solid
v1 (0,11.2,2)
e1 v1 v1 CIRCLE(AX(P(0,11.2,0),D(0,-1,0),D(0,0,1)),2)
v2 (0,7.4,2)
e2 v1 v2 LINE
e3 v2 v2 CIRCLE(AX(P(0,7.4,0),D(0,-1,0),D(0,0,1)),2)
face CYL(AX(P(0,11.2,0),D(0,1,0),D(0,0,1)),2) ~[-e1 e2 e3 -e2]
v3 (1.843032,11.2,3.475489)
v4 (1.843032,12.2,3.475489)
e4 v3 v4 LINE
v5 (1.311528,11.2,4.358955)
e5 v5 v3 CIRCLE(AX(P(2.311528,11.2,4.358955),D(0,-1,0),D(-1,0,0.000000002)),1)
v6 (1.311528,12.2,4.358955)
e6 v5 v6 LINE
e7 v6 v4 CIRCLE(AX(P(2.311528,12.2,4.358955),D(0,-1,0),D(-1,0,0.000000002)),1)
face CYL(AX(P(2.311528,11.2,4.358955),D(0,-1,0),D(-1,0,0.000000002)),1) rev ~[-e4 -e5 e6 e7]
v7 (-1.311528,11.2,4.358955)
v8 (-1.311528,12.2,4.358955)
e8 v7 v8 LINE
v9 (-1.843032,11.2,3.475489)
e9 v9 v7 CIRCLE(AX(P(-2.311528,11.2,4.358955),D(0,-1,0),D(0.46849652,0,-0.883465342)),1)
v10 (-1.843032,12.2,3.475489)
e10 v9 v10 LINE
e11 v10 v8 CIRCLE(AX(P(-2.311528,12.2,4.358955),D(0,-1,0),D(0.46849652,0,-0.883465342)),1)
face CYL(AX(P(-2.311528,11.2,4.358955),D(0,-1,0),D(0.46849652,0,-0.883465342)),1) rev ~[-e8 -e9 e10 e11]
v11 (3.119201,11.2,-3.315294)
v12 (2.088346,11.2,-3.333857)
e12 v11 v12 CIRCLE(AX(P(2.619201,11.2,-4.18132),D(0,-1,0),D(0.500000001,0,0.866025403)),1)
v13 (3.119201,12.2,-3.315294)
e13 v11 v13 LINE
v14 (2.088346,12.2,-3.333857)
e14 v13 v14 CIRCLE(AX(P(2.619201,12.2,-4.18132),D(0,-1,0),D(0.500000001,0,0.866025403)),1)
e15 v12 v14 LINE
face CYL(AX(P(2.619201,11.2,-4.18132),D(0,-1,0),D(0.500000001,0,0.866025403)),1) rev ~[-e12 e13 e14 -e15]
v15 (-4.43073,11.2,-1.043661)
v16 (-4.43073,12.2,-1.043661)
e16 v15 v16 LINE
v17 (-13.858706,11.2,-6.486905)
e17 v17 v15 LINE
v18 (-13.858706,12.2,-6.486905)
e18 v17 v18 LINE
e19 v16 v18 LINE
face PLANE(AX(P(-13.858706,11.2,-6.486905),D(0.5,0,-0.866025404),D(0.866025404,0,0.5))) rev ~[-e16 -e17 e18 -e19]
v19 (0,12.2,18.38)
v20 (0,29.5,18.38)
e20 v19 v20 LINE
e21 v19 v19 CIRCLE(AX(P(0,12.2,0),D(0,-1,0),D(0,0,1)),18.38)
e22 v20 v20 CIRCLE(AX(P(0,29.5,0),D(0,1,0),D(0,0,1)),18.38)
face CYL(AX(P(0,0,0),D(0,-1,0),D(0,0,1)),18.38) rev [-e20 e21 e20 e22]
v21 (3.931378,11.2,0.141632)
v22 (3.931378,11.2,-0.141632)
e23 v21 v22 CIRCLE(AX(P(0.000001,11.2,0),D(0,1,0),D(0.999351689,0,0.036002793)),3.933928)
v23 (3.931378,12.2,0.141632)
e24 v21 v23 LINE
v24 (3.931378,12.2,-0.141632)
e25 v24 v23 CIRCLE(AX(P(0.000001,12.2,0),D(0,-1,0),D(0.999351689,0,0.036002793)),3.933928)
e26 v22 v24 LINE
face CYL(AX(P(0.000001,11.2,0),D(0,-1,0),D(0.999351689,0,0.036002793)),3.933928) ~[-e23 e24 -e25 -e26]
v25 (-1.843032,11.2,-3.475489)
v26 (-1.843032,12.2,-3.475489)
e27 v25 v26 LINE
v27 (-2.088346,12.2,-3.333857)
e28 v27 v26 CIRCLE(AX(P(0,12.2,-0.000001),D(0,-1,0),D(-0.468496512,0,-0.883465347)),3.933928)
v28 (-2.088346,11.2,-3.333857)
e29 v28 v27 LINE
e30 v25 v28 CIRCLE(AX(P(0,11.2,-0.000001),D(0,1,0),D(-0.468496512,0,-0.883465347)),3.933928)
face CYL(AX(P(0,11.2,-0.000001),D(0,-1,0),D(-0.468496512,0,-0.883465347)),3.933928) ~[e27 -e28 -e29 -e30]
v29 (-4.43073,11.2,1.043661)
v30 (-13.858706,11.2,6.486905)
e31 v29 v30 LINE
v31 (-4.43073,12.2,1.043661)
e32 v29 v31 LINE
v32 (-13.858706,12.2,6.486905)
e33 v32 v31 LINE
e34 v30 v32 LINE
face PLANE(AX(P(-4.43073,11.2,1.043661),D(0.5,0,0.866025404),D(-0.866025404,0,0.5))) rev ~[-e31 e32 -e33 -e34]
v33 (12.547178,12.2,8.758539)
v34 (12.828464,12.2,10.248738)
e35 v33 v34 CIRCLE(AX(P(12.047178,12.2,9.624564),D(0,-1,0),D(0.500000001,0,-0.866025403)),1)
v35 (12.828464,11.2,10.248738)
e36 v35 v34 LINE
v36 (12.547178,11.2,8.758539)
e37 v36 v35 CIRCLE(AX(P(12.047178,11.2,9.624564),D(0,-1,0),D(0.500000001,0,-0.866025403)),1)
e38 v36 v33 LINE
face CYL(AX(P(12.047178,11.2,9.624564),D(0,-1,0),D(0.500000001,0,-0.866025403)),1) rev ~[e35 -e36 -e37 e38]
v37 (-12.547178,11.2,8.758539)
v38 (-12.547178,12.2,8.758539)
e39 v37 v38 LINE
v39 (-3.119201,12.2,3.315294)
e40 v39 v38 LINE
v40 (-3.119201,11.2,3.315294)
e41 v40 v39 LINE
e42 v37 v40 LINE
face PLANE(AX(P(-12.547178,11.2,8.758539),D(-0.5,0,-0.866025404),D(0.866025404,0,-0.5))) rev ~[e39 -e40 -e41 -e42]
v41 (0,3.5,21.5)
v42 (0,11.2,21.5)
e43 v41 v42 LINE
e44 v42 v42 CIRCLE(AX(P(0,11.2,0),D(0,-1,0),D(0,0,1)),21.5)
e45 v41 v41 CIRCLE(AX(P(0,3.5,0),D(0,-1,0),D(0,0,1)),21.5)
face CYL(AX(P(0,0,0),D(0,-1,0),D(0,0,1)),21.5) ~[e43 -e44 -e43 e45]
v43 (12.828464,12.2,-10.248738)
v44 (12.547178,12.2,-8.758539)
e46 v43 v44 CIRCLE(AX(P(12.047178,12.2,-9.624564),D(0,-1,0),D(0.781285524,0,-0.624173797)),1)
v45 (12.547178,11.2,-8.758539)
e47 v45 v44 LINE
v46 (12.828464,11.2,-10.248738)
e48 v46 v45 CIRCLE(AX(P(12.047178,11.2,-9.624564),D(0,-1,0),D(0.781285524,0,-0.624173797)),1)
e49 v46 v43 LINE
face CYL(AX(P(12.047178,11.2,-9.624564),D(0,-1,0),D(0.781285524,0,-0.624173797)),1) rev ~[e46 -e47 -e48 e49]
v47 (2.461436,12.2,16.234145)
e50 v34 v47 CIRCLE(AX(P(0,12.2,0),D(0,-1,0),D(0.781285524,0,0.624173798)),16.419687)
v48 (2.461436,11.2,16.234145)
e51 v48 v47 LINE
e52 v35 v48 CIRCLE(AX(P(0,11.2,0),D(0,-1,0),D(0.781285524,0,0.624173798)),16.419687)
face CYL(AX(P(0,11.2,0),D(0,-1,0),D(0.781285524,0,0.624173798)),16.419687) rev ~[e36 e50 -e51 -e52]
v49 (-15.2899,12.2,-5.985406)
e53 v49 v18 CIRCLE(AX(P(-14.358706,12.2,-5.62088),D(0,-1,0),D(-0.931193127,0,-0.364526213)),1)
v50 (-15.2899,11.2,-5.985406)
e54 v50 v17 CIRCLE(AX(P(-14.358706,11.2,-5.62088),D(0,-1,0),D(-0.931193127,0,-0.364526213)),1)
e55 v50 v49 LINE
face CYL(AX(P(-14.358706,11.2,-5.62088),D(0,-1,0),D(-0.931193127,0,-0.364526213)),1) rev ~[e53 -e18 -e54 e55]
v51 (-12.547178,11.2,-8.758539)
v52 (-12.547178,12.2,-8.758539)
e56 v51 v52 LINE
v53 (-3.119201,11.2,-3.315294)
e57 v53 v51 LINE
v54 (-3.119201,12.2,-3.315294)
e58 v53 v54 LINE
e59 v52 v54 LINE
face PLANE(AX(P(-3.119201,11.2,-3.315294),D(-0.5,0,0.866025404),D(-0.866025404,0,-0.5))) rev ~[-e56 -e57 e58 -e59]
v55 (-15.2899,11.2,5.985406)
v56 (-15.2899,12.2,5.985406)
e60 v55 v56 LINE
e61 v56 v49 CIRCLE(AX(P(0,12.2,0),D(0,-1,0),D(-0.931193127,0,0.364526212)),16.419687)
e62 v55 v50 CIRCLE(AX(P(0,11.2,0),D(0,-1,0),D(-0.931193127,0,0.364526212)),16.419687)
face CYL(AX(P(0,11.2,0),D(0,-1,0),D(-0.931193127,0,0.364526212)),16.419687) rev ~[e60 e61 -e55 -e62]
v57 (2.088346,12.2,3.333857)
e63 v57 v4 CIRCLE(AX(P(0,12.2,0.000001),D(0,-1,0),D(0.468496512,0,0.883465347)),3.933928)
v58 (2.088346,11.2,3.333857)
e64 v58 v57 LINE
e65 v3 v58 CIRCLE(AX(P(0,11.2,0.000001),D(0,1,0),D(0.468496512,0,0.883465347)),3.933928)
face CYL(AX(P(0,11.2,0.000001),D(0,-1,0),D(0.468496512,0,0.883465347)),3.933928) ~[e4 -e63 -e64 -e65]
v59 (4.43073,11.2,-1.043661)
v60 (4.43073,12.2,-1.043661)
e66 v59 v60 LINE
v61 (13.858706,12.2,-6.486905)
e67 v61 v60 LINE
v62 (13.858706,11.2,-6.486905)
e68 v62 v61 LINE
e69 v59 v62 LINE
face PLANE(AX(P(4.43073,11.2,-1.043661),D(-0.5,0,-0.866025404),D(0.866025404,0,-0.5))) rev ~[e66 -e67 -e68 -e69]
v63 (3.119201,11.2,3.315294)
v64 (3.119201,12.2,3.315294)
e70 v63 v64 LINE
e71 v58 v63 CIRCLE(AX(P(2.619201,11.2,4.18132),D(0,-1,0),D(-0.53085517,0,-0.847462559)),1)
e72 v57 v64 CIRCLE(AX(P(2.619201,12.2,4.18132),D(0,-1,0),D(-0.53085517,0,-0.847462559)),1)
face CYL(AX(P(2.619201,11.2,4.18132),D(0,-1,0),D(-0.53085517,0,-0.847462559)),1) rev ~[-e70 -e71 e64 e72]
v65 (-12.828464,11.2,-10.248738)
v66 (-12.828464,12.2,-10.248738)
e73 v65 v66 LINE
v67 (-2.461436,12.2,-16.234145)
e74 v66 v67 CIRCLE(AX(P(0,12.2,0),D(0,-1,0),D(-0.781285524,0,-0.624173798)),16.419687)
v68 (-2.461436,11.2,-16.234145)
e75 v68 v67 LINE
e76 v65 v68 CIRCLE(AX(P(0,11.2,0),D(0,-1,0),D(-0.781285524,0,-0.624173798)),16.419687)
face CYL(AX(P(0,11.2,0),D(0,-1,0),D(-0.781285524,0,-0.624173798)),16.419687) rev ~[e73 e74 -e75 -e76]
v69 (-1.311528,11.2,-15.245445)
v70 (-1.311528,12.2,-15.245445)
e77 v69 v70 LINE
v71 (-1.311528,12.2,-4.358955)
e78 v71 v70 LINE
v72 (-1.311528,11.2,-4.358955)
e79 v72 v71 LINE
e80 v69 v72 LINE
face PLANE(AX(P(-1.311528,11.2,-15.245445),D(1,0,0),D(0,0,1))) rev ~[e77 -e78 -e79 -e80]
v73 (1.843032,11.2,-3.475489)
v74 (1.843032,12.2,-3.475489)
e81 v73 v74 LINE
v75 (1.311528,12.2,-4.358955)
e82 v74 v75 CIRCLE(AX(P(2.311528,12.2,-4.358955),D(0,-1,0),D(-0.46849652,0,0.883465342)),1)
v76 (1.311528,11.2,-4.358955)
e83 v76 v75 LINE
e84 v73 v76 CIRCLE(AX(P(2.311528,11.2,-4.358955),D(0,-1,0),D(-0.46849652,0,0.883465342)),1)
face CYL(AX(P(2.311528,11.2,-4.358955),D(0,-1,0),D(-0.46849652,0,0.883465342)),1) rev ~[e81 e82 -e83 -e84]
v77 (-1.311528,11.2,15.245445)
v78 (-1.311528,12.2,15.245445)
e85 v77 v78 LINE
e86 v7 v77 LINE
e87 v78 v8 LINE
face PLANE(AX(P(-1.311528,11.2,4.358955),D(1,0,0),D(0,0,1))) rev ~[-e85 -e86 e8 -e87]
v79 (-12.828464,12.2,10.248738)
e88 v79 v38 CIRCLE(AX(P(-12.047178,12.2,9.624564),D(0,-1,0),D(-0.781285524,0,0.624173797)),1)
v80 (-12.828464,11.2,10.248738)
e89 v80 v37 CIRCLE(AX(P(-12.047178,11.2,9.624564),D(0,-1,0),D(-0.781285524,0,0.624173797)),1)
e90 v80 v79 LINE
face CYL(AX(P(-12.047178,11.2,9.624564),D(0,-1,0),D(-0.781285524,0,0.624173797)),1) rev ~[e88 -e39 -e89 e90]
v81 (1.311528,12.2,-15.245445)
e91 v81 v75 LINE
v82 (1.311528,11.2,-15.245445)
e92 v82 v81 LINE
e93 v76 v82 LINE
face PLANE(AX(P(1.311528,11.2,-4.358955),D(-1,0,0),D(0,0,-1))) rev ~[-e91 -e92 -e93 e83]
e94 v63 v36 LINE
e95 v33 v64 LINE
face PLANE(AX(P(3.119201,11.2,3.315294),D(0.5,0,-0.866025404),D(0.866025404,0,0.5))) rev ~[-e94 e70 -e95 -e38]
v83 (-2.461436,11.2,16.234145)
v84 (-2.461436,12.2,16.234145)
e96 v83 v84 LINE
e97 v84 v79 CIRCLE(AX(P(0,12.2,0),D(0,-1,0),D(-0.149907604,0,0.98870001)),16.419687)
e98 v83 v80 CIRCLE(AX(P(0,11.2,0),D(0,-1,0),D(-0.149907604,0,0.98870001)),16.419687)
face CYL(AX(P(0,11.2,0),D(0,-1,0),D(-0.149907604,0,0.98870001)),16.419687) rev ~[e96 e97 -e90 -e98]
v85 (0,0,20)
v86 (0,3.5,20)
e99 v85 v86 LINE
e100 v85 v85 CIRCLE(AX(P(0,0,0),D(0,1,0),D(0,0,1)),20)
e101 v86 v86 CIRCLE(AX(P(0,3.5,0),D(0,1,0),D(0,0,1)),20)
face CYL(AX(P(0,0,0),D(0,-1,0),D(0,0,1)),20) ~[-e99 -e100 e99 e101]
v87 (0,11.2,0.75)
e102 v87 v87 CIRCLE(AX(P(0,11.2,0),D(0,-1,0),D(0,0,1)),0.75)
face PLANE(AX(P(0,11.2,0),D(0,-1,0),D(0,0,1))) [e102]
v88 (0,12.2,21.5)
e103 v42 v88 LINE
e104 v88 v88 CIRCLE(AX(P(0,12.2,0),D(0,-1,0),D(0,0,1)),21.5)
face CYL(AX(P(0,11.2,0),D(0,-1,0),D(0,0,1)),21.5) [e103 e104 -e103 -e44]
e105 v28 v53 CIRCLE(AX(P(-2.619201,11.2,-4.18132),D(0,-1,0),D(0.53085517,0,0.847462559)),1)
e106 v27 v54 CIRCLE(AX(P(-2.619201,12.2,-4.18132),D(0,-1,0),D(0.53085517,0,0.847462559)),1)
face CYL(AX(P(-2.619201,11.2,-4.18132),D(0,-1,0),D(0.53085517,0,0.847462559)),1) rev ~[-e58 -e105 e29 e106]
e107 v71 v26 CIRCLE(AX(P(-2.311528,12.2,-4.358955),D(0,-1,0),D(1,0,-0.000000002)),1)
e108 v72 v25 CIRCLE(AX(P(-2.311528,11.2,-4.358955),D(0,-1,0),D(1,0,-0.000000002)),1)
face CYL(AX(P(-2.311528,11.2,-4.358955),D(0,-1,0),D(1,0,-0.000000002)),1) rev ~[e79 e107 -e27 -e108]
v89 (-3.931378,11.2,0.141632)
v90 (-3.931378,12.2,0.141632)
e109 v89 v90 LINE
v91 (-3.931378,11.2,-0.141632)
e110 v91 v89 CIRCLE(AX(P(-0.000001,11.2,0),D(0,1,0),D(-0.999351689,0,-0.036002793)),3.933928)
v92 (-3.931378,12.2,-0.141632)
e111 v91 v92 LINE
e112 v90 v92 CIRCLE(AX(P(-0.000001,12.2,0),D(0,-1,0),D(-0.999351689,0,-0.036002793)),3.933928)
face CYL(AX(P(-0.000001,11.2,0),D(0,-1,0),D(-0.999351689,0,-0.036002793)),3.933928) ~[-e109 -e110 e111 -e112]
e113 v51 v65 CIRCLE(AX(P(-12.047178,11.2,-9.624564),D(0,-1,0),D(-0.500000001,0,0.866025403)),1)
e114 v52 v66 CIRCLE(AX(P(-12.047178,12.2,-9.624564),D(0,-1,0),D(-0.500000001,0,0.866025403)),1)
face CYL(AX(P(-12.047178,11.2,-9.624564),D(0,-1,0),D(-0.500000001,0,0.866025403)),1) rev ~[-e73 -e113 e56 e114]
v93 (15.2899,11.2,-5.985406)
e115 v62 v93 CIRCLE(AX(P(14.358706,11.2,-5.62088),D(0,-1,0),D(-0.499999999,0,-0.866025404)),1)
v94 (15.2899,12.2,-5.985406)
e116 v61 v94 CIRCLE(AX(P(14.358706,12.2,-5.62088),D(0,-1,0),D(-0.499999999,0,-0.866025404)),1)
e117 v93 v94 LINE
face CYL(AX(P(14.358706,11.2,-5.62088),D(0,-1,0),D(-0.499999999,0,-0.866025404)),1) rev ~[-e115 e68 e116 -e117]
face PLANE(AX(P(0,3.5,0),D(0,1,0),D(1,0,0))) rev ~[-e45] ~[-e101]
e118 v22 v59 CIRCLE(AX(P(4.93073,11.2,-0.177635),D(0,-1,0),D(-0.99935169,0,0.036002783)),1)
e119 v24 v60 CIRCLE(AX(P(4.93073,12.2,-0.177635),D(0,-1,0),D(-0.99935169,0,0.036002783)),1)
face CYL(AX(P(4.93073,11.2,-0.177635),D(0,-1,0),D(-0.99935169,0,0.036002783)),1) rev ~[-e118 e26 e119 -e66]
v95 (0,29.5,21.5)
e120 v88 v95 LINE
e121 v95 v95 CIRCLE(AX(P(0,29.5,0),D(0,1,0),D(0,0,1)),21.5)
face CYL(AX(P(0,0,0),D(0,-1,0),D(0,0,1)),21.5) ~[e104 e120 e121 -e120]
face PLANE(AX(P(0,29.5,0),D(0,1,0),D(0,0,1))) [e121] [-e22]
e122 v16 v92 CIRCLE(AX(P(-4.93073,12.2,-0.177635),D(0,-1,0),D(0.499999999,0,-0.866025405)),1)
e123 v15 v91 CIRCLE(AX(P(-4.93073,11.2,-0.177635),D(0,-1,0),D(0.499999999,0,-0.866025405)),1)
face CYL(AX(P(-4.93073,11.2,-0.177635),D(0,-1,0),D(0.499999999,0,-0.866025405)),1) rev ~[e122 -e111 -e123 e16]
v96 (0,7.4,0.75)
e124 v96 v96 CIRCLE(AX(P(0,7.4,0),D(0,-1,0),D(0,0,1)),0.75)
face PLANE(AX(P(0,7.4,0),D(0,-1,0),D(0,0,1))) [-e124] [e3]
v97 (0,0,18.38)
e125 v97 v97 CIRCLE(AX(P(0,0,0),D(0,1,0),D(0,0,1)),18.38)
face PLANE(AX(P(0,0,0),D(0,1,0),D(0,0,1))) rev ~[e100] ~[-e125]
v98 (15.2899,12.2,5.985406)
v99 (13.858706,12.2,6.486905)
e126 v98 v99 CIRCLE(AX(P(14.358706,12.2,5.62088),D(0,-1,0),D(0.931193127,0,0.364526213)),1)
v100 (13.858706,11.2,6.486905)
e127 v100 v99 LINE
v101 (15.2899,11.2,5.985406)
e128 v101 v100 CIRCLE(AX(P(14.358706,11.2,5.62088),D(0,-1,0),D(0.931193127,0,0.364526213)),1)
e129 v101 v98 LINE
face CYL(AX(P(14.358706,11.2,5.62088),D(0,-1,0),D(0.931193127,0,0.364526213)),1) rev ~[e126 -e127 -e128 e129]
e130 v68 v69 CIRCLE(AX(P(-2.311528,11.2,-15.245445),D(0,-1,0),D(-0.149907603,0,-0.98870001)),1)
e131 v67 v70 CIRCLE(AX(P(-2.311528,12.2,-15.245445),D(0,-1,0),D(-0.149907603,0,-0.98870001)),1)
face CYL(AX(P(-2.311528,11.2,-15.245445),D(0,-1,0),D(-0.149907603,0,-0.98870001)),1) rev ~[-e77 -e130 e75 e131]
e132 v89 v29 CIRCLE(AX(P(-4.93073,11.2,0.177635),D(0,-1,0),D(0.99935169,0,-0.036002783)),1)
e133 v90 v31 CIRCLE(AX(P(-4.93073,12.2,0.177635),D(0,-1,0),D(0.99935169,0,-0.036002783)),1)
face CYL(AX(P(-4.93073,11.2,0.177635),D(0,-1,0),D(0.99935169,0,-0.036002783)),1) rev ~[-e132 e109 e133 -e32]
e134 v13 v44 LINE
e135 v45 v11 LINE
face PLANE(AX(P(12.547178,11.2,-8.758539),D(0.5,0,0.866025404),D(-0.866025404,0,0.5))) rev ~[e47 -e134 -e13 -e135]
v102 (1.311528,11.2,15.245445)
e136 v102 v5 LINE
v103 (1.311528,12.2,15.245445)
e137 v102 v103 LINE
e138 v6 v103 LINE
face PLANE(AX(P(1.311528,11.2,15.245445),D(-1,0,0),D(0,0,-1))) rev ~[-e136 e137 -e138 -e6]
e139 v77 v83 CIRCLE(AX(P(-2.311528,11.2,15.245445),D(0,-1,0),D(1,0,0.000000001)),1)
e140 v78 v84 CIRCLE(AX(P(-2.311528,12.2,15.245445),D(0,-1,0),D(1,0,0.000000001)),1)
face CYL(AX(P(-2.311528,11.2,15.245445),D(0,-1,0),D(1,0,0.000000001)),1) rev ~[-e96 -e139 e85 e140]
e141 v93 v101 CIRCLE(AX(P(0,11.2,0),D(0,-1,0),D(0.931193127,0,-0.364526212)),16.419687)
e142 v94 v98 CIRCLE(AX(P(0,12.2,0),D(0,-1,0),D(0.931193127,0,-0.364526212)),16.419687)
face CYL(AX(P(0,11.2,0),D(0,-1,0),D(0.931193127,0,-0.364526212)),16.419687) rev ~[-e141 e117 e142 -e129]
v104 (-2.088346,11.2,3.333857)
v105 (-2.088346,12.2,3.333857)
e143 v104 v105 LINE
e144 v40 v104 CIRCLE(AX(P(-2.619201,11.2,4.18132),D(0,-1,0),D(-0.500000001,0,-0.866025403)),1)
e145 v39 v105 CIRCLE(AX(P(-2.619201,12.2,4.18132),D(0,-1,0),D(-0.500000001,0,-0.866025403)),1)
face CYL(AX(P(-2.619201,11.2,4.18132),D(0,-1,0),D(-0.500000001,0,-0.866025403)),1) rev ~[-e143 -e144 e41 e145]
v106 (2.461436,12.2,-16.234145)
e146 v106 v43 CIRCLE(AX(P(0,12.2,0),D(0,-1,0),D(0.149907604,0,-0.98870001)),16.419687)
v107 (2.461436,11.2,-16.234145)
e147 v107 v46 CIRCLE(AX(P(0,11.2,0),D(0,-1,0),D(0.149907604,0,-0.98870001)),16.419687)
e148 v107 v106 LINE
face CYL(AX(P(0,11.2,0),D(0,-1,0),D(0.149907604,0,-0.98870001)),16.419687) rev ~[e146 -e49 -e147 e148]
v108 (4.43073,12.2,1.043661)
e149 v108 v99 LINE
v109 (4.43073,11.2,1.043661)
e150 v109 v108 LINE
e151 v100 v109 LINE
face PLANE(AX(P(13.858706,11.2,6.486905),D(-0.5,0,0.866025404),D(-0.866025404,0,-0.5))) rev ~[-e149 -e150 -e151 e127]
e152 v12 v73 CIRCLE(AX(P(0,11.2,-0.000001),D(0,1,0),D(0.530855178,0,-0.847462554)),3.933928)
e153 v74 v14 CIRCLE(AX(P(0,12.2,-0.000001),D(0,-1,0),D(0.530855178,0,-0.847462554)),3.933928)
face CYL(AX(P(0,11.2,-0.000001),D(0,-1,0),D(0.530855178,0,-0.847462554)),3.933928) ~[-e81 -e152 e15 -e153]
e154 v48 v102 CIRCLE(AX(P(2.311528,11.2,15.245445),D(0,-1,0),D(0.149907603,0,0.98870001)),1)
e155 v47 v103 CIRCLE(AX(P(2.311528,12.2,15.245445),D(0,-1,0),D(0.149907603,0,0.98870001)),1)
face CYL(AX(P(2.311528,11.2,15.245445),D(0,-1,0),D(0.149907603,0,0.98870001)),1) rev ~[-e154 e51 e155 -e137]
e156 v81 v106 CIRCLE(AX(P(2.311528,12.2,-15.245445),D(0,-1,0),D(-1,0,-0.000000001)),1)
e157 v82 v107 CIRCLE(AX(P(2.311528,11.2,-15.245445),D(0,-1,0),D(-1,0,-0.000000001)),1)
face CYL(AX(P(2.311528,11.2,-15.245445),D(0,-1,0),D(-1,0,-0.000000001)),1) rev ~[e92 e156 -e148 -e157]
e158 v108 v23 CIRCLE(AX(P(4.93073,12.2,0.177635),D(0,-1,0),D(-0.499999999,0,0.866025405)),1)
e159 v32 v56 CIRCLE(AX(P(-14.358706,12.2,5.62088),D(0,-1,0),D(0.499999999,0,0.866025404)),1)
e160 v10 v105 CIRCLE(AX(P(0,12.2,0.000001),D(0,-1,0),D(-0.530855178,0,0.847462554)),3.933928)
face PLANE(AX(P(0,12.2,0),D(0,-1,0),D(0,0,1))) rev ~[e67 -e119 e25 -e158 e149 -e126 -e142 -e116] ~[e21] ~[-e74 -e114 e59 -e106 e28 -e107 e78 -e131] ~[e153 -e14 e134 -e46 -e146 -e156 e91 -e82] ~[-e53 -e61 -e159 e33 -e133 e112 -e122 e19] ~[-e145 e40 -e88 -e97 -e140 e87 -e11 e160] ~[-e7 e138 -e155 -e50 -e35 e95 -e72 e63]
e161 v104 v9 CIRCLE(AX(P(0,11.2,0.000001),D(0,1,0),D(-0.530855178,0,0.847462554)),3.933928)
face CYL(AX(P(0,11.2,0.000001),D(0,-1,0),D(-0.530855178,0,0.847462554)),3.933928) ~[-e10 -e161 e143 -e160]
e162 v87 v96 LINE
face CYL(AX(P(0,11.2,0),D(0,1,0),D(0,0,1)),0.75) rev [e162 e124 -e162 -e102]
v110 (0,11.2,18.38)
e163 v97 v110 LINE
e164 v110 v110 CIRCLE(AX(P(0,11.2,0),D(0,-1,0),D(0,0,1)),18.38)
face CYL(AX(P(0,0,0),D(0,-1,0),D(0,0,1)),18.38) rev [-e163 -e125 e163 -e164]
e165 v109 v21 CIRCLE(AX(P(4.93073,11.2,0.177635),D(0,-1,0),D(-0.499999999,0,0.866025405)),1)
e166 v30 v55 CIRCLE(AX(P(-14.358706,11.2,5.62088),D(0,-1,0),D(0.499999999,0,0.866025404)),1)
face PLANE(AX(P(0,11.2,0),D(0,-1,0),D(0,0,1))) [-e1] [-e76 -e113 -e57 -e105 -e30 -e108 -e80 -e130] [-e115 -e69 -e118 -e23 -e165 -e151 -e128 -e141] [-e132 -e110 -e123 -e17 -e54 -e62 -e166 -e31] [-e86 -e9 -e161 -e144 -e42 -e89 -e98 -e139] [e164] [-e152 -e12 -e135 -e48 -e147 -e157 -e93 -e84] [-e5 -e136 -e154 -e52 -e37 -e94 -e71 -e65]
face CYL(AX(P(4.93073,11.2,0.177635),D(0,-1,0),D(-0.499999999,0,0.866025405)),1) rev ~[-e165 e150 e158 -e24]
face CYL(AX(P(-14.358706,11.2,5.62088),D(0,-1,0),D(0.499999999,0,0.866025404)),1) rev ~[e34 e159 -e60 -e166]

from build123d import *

# Parameters (mm, degrees)
SKETCH1_R           = 21.5
SKETCH1_R_2         = 18.38
BOSS_EXTRUDE1_DEPTH = 29.5
SKETCH3_R           = 21.5
BOSS_EXTRUDE2_DEPTH = 1
SKETCH4_R           = 2
SKETCH4_R_2         = 0.75
BOSS_EXTRUDE3_DEPTH = 3.8
SKETCH5_OUTSIDE_W   = 58.518
SKETCH5_OUTSIDE_H   = 58.518
SKETCH5_OUTSIDE_R   = 20
CUT_EXTRUDE1_DEPTH  = 3.5
CUT_EXTRUDE2_REACH  = 37.488
CIRPATTERN1_COUNT   = 6


with BuildPart() as part:
    # Sketch1 → Boss-Extrude1 (new body)
    with BuildSketch(Plane(origin=(0, 0, 0), x_dir=(1, 0, 0), z_dir=(0, 1, 0))):
        with Locations(Location((0, 0, 0), (0, 0, 270))):
            Circle(SKETCH1_R)
        with Locations(Location((0, 0, 0), (0, 0, 270))):
            Circle(SKETCH1_R_2, mode=Mode.SUBTRACT)
    extrude(amount=BOSS_EXTRUDE1_DEPTH)

    # Sketch3 → Boss-Extrude2 (add)
    with BuildSketch(Plane(origin=(0, 11.2, 0), x_dir=(-1, 0, 0), z_dir=(0, -1, 0))):
        with Locations(Location((0, 0, 0), (0, 0, 270))):
            Circle(SKETCH3_R)
    extrude(amount=-BOSS_EXTRUDE2_DEPTH)

    # Sketch4 → Boss-Extrude3 (add)
    with BuildSketch(Plane(origin=(0, 11.2, 0), x_dir=(-1, 0, 0), z_dir=(0, -1, 0))):
        with Locations(Location((0, 0, 0), (0, 0, 270))):
            Circle(SKETCH4_R)
        with Locations(Location((0, 0, 0), (0, 0, 270))):
            Circle(SKETCH4_R_2, mode=Mode.SUBTRACT)
    extrude(amount=BOSS_EXTRUDE3_DEPTH)

    # Sketch5 outside → Cut-Extrude1 (cut)
    with BuildSketch(Plane(origin=(0, 0, 0), x_dir=(1, 0, 0), z_dir=(0, 1, 0))):
        Rectangle(SKETCH5_OUTSIDE_W, SKETCH5_OUTSIDE_H)
        with Locations(Location((0, 0, 0), (0, 0, 270))):
            Circle(SKETCH5_OUTSIDE_R, mode=Mode.SUBTRACT)
    extrude(amount=CUT_EXTRUDE1_DEPTH, mode=Mode.SUBTRACT)

    # Sketch6 → Cut-Extrude2 (cut, up to next)
    with BuildSketch(Plane(origin=(0, 11.2, 0), x_dir=(-1, 0, 0), z_dir=(0, -1, 0)), mode=Mode.PRIVATE) as cut_extrude2_sk1:
        with BuildLine():
            Line((1.311528297, -4.358954791), (1.311528297, -15.245444515))
            ThreePointArc((1.311528297, -15.245444515), (1.659572625, -16.003701596), (2.461435901, -16.234144525))
            ThreePointArc((2.461435901, -16.234144525), (8.209843408, -14.219865905), (12.828463617, -10.248738282))
            ThreePointArc((12.828463617, -10.248738282), (13.029825824, -9.439082851), (12.547178093, -8.75853908))
            Line((12.547178093, -8.75853908), (3.119201435, -3.315294219))
            ThreePointArc((3.119201435, -3.315294219), (2.601197124, -3.181481713), (2.088346263, -3.333857065))
            ThreePointArc((2.088346263, -3.333857065), (1.966964225, -3.406881974), (1.843031779, -3.475489448))
            ThreePointArc((1.843031779, -3.475489448), (1.454645424, -3.843443646), (1.311528297, -4.358954791))
        make_face()
    cut_extrude2_tool1 = extrude(cut_extrude2_sk1.sketch, amount=-CUT_EXTRUDE2_REACH, mode=Mode.PRIVATE) & part.part
    cut_extrude2 = cut_extrude2_tool1.solids().sort_by_distance((-5.765973, 11.2, 9.986958))[0]
    add(cut_extrude2, mode=Mode.SUBTRACT)

    # CirPattern1: Cut-Extrude2 ×6 about axis
    cirpattern1_axis = Axis((0, 0, 0), (0, 1, 0))
    for i in range(1, CIRPATTERN1_COUNT):
        add(cut_extrude2.rotate(cirpattern1_axis, i * 360 / CIRPATTERN1_COUNT), mode=Mode.SUBTRACT)


solid = part.part
